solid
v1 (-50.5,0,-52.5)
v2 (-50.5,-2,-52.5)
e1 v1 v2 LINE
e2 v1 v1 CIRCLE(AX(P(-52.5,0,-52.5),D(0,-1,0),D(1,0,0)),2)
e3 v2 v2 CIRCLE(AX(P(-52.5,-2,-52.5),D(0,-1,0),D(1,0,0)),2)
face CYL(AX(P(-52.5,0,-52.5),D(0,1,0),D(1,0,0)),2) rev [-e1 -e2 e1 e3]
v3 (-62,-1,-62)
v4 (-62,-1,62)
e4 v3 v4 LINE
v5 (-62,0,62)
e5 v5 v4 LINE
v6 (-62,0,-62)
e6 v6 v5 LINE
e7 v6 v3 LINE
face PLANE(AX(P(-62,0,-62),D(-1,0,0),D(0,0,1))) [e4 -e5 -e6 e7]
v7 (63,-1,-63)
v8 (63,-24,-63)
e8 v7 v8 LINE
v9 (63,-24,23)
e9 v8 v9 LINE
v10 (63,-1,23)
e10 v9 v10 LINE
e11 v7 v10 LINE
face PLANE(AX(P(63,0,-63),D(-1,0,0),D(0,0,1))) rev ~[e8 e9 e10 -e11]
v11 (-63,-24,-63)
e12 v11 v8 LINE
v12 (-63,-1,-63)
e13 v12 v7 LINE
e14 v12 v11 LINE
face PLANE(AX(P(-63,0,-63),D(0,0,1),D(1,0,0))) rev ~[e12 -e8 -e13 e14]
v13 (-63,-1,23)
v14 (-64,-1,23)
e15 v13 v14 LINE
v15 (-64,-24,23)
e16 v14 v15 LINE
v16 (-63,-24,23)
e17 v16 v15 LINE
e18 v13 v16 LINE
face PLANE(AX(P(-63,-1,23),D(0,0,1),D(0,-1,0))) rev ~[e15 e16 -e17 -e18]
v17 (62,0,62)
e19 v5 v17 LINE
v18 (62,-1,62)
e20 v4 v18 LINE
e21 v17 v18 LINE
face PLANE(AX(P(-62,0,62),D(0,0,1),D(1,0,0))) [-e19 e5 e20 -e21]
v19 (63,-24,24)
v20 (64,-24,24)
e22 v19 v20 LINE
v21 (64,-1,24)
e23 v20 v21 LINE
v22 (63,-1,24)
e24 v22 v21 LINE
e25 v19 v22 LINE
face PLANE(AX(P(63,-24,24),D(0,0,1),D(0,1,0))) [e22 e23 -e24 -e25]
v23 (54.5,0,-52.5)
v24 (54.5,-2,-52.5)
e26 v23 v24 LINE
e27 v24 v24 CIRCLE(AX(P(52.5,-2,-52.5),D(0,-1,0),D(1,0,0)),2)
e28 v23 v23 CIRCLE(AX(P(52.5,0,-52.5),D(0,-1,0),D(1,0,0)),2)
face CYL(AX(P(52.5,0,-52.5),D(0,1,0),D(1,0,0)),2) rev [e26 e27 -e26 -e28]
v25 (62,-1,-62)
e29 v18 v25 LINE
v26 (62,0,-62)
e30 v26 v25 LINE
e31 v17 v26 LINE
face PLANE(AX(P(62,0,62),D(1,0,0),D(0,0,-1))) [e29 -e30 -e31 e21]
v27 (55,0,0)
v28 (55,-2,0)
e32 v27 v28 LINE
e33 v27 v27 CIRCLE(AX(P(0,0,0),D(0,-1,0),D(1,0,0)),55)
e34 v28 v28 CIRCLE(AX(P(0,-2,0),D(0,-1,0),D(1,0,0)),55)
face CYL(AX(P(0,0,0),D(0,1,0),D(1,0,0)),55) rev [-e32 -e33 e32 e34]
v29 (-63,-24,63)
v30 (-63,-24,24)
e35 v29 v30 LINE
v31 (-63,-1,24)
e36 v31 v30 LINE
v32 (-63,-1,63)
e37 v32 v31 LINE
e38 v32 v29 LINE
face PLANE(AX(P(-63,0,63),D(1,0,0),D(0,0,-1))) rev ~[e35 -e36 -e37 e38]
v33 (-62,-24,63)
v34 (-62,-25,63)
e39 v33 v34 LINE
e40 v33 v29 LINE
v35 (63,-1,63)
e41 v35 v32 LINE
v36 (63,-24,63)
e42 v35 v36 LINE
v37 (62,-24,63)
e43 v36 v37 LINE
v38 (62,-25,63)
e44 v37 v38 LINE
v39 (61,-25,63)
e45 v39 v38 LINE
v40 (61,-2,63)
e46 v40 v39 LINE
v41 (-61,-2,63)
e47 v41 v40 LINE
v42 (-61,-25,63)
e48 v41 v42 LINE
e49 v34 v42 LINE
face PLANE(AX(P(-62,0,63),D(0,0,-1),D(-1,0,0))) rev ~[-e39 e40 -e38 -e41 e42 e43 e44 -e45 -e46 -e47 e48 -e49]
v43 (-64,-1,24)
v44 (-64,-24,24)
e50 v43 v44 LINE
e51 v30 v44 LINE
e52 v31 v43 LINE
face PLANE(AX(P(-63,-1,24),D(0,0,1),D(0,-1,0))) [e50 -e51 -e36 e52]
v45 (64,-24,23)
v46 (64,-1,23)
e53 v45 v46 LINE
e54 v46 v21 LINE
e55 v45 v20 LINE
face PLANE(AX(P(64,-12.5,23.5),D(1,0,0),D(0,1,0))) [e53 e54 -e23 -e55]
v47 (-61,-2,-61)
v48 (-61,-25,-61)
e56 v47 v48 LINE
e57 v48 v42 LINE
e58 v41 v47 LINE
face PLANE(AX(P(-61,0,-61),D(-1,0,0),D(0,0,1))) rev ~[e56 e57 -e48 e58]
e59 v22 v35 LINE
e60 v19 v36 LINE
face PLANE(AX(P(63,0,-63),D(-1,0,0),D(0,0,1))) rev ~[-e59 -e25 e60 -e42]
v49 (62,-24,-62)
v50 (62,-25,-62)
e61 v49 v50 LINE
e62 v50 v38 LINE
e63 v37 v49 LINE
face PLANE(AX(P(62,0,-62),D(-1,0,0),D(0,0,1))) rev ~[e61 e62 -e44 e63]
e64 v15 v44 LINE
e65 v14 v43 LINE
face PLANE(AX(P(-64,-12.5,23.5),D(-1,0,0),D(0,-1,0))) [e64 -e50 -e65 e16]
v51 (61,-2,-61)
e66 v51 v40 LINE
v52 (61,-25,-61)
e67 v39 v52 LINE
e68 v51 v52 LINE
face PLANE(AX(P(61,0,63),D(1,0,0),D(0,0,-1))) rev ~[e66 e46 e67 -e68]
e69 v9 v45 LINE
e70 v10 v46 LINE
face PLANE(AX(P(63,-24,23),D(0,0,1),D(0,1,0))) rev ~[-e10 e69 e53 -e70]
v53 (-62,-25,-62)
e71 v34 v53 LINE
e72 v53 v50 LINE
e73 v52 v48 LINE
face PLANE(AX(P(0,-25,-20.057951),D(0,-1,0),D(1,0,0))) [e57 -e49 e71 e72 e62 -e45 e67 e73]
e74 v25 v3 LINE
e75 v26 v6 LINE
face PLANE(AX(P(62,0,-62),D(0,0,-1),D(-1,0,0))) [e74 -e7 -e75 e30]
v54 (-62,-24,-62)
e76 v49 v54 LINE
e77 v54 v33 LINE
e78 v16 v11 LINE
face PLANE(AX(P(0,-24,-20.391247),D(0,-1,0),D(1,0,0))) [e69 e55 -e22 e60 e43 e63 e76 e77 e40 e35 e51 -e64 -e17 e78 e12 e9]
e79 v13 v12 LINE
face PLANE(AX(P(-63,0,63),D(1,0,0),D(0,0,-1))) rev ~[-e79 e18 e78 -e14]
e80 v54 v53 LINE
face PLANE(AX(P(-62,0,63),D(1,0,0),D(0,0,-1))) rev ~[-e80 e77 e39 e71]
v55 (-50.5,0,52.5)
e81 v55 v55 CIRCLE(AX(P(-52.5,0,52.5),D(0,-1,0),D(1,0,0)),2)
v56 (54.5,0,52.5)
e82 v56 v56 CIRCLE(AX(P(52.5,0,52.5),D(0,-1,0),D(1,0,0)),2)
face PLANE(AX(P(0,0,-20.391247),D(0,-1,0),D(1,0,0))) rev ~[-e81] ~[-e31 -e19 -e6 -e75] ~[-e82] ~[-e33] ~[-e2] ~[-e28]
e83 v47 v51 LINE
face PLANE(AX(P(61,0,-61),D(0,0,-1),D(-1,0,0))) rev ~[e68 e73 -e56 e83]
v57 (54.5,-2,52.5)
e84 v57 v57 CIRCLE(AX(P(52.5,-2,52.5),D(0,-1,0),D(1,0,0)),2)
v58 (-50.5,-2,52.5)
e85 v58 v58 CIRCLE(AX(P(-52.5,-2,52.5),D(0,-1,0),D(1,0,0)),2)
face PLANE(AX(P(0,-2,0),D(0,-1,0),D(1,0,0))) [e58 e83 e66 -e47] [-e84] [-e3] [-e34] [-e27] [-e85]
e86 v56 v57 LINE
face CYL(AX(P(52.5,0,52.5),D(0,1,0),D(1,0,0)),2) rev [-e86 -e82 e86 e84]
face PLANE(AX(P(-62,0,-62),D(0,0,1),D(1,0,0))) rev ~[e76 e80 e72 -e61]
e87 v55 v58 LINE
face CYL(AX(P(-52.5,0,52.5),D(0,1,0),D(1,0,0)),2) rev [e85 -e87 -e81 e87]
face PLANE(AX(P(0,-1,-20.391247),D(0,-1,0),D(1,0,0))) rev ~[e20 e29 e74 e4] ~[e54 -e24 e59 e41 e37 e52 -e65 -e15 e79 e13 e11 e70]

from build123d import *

# Parameters (mm, degrees)
F0_W     = 122
F0_H     = 122
F0_R     = 2
F0_R_2   = 55
F0_H_2   = 1
F1_DEPTH = 2
F0_W_2   = 1
F2_DEPTH = 25
F3_DEPTH = 24
F4_DEPTH = 1
F5_W     = 23
F5_H     = 1
F6_DEPTH = 1
F7_W     = 23
F7_H     = 1
F8_DEPTH = 1


with BuildPart() as f1:
    # F0 (on Front) → F1 (new body)
    with BuildSketch(Plane.XZ):
        Rectangle(F0_W, F0_H)
        with Locations((-52.5, -52.5)):
            Circle(F0_R, mode=Mode.SUBTRACT)
        with Locations((52.5, -52.5)):
            Circle(F0_R, mode=Mode.SUBTRACT)
        with Locations((-52.5, 52.5)):
            Circle(F0_R, mode=Mode.SUBTRACT)
        Circle(F0_R_2, mode=Mode.SUBTRACT)
        with Locations((52.5, 52.5)):
            Circle(F0_R, mode=Mode.SUBTRACT)
        with Locations((0, 61.5)):
            Rectangle(F0_W, F0_H_2)
        with Locations((0, 62.5)):
            Rectangle(F0_W, F0_H_2)
    extrude(amount=F1_DEPTH)

    # F0 (on Front) → F2 (join)
    with BuildSketch(Plane.XZ):
        Polygon((61, 61), (61, -61), (-61, -61), (-61, 61), (-61, 62), (-62, 62), (-62, -62), (62, -62), (62, 62), (61, 62), align=None)
        with Locations((61.5, 62.5)):
            Rectangle(F0_W_2, F0_H_2)
        with Locations((-61.5, 62.5)):
            Rectangle(F0_W_2, F0_H_2)
    extrude(amount=F2_DEPTH)

    # F0 (on Front) → F3 (join)
    with BuildSketch(Plane.XZ):
        Polygon((62, 63), (62, 62), (62, -62), (-62, -62), (-62, 62), (-62, 63), (-63, 63), (-63, -63), (63, -63), (63, 63), align=None)
    extrude(amount=F3_DEPTH)

    # F0 (on Front) → F4 (cut)
    with BuildSketch(Plane.XZ):
        Polygon((62, 63), (62, 62), (62, -62), (-62, -62), (-62, 62), (-62, 63), (-63, 63), (-63, -63), (63, -63), (63, 63), align=None)
        with Locations((61.5, 62.5)):
            Rectangle(F0_W_2, F0_H_2)
        with Locations((0, 62.5)):
            Rectangle(F0_W, F0_H_2)
        with Locations((-61.5, 62.5)):
            Rectangle(F0_W_2, F0_H_2)
    extrude(amount=F4_DEPTH, mode=Mode.SUBTRACT)

    # F5 (on face) → F6 (join)
    with BuildSketch(Plane(origin=(-63, 0, 0), x_dir=(0, -1, 0), z_dir=(-1, 0, 0))):
        with Locations((12.5, 23.5)):
            Rectangle(F5_W, F5_H)
    extrude(amount=F6_DEPTH)

    # F7 (on face) → F8 (join)
    with BuildSketch(Plane.YZ.offset(63)):
        with Locations((-12.5, 23.5)):
            Rectangle(F7_W, F7_H)
    extrude(amount=F8_DEPTH)


solid = f1.part
